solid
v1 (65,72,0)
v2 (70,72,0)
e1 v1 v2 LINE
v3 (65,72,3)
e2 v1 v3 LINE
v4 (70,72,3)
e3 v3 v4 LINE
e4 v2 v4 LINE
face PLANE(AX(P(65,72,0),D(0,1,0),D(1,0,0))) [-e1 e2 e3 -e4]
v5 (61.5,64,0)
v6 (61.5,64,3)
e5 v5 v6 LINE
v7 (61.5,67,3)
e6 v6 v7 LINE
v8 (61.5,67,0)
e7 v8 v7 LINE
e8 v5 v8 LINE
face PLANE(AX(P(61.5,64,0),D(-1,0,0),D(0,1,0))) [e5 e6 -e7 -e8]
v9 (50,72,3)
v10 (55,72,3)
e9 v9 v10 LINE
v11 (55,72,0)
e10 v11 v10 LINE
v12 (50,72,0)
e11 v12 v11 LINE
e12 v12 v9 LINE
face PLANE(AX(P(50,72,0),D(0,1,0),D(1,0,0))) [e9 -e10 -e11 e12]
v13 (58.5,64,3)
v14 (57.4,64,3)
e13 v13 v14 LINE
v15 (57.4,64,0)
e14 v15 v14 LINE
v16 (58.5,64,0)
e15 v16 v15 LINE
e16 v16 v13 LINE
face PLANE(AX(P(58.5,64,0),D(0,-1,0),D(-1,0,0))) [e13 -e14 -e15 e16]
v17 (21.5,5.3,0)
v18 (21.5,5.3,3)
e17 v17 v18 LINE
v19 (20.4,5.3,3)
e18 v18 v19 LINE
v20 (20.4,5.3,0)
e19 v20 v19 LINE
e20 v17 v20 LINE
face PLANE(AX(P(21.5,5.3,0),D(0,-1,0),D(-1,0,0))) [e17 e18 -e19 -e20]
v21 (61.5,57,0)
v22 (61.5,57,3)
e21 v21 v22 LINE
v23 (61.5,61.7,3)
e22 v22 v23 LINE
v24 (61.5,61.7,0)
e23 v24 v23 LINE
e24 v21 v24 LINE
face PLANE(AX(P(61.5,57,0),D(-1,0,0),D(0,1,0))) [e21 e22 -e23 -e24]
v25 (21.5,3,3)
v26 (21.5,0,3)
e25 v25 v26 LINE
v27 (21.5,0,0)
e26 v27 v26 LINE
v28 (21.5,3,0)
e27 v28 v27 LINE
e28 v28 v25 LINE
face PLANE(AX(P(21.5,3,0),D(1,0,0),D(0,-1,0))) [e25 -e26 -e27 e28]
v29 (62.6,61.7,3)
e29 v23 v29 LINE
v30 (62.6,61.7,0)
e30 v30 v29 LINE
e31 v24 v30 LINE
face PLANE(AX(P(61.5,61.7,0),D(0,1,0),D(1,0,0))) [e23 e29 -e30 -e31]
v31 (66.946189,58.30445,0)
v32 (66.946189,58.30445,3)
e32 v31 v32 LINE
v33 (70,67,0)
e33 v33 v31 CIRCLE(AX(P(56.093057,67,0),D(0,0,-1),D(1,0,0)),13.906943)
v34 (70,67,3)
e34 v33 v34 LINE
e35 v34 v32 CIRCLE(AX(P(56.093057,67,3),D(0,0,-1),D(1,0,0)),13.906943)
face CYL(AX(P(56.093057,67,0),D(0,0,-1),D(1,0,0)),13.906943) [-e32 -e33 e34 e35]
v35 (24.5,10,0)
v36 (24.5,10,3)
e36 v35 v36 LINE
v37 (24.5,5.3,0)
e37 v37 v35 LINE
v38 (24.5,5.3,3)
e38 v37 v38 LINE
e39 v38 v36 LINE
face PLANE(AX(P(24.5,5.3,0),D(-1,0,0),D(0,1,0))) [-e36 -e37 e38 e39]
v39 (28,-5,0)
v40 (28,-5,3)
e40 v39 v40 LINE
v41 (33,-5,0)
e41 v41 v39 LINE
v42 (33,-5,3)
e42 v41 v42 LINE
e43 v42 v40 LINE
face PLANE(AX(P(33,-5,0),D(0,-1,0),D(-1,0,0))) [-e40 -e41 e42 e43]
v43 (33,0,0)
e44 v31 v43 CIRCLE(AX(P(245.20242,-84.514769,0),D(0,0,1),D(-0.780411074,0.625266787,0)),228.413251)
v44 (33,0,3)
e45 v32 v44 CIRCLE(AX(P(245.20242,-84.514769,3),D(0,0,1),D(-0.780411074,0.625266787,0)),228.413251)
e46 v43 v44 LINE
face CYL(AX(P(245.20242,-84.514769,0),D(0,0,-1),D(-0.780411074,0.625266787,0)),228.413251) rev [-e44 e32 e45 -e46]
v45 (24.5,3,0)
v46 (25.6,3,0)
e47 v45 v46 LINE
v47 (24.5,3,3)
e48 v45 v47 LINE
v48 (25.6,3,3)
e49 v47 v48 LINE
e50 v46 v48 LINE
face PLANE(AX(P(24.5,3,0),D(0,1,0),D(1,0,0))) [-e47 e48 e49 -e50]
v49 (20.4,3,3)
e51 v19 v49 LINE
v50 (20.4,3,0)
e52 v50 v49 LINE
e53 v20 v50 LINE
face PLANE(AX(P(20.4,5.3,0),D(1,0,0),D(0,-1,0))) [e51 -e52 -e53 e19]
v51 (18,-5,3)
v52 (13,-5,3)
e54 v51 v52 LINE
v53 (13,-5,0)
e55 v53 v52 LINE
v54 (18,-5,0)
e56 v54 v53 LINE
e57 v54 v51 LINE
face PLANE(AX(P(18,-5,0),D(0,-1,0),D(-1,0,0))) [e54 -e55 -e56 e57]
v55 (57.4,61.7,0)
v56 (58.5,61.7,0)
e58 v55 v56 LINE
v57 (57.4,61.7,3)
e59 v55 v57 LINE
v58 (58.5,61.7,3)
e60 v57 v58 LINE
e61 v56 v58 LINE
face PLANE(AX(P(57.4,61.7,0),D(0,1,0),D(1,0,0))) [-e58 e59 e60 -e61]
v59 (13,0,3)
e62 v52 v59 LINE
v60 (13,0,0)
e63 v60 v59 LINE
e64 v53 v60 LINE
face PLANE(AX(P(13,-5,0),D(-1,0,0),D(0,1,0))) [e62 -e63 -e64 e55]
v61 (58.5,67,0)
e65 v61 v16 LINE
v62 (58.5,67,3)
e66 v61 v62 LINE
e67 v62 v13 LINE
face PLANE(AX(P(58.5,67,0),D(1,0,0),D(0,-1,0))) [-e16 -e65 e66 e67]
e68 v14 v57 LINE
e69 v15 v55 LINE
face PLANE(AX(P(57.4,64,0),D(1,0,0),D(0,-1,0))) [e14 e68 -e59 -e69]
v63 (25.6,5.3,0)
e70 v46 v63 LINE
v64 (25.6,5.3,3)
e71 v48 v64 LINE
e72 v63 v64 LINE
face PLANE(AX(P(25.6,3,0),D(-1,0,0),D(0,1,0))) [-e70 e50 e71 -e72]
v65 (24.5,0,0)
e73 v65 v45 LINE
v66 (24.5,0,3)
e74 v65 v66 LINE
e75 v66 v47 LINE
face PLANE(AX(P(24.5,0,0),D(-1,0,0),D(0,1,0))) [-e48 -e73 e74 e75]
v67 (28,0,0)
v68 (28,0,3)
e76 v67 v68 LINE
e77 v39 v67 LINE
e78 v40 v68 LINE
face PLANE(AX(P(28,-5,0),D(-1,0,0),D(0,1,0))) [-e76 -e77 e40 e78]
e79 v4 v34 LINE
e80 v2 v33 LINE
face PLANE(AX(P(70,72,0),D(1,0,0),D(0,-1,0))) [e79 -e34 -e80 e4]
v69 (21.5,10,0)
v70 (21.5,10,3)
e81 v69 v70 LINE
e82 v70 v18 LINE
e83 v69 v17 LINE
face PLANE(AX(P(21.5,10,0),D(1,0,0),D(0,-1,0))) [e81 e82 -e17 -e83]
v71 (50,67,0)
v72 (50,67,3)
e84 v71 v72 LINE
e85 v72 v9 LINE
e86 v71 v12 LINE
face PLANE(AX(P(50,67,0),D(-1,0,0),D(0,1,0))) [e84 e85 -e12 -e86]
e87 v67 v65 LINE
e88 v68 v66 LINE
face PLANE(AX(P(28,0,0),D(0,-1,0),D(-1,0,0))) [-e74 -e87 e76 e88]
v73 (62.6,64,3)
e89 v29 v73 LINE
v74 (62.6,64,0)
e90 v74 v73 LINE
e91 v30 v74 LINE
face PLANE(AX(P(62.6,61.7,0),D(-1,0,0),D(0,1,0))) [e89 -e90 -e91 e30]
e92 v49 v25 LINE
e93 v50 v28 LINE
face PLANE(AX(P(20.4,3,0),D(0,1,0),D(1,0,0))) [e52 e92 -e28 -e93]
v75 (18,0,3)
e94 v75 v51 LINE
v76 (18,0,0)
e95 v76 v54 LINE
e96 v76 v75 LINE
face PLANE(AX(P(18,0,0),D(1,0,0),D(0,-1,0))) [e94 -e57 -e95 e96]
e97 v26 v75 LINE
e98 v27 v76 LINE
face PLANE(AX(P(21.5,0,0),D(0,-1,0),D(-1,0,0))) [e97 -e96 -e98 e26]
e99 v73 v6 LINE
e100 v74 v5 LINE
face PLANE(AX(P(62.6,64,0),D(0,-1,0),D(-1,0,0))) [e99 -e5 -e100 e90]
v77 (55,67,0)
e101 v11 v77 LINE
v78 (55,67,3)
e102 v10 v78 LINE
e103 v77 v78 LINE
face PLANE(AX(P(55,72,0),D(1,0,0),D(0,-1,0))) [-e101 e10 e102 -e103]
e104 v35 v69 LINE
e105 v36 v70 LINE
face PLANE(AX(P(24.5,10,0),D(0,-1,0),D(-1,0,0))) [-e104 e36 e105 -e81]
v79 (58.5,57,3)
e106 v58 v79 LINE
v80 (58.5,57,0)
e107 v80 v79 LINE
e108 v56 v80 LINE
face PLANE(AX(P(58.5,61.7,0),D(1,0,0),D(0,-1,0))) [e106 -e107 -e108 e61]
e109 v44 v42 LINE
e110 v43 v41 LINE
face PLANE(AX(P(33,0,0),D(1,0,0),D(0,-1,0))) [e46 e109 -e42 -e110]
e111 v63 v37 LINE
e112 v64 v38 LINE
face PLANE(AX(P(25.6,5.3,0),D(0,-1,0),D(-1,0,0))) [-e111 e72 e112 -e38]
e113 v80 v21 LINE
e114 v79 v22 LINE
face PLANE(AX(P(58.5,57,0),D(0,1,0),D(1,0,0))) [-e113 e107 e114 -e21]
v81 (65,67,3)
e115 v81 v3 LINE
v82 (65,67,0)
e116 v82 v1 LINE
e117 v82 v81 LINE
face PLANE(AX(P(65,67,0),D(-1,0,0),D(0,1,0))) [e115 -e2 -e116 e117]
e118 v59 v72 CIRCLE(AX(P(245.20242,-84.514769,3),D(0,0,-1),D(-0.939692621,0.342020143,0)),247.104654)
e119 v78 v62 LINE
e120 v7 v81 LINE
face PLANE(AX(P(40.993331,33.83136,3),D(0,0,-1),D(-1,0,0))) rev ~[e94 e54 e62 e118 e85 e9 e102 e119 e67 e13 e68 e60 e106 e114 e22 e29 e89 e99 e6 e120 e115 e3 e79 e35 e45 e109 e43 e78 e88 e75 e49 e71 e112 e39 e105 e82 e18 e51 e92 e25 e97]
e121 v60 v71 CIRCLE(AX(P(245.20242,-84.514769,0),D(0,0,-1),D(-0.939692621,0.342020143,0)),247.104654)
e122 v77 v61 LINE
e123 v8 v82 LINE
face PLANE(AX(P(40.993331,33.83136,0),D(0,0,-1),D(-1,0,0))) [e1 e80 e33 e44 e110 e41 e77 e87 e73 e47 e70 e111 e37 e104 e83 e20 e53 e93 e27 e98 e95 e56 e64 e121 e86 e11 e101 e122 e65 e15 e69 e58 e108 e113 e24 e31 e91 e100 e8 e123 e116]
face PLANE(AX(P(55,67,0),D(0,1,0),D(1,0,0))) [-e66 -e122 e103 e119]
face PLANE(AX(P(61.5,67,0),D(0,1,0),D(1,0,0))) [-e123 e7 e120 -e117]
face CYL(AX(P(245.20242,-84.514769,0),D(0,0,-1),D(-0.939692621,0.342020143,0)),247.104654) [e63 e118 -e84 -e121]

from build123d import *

# Parameters (mm, degrees)
BOSS_EXTRUDE1_DEPTH = 3


with BuildPart() as part:
    # Sketch1 → Boss-Extrude1 (new body)
    with BuildSketch(Plane.XY):
        with BuildLine():
            Line((61.5, 67), (65, 67))
            Line((65, 67), (65, 72))
            Line((65, 72), (70, 72))
            Line((70, 72), (70, 67))
            ThreePointArc((70, 67), (69.214355639, 62.39189998), (66.946189304, 58.304450367))
            ThreePointArc((66.946189304, 58.304450367), (47.808545449, 30.412475413), (33, 0))
            Line((33, 0), (33, -5))
            Line((33, -5), (28, -5))
            Line((28, -5), (28, 0))
            Line((28, 0), (24.5, 0))
            Line((24.5, 0), (24.5, 3))
            Line((24.5, 3), (25.6, 3))
            Line((25.6, 3), (25.6, 5.3))
            Line((25.6, 5.3), (24.5, 5.3))
            Line((24.5, 5.3), (24.5, 10))
            Line((24.5, 10), (21.5, 10))
            Line((21.5, 10), (21.5, 5.3))
            Line((21.5, 5.3), (20.4, 5.3))
            Line((20.4, 5.3), (20.4, 3))
            Line((20.4, 3), (21.5, 3))
            Line((21.5, 3), (21.5, 0))
            Line((21.5, 0), (18, 0))
            Line((18, 0), (18, -5))
            Line((18, -5), (13, -5))
            Line((13, -5), (13, 0))
            ThreePointArc((13, 0), (28.890205099, 34.94123002), (50, 67))
            Line((50, 67), (50, 72))
            Line((50, 72), (55, 72))
            Line((55, 72), (55, 67))
            Line((55, 67), (58.5, 67))
            Line((58.5, 67), (58.5, 64))
            Line((58.5, 64), (57.4, 64))
            Line((57.4, 64), (57.4, 61.7))
            Line((57.4, 61.7), (58.5, 61.7))
            Line((58.5, 61.7), (58.5, 57))
            Line((58.5, 57), (61.5, 57))
            Line((61.5, 57), (61.5, 61.7))
            Line((61.5, 61.7), (62.6, 61.7))
            Line((62.6, 61.7), (62.6, 64))
            Line((62.6, 64), (61.5, 64))
            Line((61.5, 64), (61.5, 67))
        make_face()
    extrude(amount=BOSS_EXTRUDE1_DEPTH)


solid = part.part
